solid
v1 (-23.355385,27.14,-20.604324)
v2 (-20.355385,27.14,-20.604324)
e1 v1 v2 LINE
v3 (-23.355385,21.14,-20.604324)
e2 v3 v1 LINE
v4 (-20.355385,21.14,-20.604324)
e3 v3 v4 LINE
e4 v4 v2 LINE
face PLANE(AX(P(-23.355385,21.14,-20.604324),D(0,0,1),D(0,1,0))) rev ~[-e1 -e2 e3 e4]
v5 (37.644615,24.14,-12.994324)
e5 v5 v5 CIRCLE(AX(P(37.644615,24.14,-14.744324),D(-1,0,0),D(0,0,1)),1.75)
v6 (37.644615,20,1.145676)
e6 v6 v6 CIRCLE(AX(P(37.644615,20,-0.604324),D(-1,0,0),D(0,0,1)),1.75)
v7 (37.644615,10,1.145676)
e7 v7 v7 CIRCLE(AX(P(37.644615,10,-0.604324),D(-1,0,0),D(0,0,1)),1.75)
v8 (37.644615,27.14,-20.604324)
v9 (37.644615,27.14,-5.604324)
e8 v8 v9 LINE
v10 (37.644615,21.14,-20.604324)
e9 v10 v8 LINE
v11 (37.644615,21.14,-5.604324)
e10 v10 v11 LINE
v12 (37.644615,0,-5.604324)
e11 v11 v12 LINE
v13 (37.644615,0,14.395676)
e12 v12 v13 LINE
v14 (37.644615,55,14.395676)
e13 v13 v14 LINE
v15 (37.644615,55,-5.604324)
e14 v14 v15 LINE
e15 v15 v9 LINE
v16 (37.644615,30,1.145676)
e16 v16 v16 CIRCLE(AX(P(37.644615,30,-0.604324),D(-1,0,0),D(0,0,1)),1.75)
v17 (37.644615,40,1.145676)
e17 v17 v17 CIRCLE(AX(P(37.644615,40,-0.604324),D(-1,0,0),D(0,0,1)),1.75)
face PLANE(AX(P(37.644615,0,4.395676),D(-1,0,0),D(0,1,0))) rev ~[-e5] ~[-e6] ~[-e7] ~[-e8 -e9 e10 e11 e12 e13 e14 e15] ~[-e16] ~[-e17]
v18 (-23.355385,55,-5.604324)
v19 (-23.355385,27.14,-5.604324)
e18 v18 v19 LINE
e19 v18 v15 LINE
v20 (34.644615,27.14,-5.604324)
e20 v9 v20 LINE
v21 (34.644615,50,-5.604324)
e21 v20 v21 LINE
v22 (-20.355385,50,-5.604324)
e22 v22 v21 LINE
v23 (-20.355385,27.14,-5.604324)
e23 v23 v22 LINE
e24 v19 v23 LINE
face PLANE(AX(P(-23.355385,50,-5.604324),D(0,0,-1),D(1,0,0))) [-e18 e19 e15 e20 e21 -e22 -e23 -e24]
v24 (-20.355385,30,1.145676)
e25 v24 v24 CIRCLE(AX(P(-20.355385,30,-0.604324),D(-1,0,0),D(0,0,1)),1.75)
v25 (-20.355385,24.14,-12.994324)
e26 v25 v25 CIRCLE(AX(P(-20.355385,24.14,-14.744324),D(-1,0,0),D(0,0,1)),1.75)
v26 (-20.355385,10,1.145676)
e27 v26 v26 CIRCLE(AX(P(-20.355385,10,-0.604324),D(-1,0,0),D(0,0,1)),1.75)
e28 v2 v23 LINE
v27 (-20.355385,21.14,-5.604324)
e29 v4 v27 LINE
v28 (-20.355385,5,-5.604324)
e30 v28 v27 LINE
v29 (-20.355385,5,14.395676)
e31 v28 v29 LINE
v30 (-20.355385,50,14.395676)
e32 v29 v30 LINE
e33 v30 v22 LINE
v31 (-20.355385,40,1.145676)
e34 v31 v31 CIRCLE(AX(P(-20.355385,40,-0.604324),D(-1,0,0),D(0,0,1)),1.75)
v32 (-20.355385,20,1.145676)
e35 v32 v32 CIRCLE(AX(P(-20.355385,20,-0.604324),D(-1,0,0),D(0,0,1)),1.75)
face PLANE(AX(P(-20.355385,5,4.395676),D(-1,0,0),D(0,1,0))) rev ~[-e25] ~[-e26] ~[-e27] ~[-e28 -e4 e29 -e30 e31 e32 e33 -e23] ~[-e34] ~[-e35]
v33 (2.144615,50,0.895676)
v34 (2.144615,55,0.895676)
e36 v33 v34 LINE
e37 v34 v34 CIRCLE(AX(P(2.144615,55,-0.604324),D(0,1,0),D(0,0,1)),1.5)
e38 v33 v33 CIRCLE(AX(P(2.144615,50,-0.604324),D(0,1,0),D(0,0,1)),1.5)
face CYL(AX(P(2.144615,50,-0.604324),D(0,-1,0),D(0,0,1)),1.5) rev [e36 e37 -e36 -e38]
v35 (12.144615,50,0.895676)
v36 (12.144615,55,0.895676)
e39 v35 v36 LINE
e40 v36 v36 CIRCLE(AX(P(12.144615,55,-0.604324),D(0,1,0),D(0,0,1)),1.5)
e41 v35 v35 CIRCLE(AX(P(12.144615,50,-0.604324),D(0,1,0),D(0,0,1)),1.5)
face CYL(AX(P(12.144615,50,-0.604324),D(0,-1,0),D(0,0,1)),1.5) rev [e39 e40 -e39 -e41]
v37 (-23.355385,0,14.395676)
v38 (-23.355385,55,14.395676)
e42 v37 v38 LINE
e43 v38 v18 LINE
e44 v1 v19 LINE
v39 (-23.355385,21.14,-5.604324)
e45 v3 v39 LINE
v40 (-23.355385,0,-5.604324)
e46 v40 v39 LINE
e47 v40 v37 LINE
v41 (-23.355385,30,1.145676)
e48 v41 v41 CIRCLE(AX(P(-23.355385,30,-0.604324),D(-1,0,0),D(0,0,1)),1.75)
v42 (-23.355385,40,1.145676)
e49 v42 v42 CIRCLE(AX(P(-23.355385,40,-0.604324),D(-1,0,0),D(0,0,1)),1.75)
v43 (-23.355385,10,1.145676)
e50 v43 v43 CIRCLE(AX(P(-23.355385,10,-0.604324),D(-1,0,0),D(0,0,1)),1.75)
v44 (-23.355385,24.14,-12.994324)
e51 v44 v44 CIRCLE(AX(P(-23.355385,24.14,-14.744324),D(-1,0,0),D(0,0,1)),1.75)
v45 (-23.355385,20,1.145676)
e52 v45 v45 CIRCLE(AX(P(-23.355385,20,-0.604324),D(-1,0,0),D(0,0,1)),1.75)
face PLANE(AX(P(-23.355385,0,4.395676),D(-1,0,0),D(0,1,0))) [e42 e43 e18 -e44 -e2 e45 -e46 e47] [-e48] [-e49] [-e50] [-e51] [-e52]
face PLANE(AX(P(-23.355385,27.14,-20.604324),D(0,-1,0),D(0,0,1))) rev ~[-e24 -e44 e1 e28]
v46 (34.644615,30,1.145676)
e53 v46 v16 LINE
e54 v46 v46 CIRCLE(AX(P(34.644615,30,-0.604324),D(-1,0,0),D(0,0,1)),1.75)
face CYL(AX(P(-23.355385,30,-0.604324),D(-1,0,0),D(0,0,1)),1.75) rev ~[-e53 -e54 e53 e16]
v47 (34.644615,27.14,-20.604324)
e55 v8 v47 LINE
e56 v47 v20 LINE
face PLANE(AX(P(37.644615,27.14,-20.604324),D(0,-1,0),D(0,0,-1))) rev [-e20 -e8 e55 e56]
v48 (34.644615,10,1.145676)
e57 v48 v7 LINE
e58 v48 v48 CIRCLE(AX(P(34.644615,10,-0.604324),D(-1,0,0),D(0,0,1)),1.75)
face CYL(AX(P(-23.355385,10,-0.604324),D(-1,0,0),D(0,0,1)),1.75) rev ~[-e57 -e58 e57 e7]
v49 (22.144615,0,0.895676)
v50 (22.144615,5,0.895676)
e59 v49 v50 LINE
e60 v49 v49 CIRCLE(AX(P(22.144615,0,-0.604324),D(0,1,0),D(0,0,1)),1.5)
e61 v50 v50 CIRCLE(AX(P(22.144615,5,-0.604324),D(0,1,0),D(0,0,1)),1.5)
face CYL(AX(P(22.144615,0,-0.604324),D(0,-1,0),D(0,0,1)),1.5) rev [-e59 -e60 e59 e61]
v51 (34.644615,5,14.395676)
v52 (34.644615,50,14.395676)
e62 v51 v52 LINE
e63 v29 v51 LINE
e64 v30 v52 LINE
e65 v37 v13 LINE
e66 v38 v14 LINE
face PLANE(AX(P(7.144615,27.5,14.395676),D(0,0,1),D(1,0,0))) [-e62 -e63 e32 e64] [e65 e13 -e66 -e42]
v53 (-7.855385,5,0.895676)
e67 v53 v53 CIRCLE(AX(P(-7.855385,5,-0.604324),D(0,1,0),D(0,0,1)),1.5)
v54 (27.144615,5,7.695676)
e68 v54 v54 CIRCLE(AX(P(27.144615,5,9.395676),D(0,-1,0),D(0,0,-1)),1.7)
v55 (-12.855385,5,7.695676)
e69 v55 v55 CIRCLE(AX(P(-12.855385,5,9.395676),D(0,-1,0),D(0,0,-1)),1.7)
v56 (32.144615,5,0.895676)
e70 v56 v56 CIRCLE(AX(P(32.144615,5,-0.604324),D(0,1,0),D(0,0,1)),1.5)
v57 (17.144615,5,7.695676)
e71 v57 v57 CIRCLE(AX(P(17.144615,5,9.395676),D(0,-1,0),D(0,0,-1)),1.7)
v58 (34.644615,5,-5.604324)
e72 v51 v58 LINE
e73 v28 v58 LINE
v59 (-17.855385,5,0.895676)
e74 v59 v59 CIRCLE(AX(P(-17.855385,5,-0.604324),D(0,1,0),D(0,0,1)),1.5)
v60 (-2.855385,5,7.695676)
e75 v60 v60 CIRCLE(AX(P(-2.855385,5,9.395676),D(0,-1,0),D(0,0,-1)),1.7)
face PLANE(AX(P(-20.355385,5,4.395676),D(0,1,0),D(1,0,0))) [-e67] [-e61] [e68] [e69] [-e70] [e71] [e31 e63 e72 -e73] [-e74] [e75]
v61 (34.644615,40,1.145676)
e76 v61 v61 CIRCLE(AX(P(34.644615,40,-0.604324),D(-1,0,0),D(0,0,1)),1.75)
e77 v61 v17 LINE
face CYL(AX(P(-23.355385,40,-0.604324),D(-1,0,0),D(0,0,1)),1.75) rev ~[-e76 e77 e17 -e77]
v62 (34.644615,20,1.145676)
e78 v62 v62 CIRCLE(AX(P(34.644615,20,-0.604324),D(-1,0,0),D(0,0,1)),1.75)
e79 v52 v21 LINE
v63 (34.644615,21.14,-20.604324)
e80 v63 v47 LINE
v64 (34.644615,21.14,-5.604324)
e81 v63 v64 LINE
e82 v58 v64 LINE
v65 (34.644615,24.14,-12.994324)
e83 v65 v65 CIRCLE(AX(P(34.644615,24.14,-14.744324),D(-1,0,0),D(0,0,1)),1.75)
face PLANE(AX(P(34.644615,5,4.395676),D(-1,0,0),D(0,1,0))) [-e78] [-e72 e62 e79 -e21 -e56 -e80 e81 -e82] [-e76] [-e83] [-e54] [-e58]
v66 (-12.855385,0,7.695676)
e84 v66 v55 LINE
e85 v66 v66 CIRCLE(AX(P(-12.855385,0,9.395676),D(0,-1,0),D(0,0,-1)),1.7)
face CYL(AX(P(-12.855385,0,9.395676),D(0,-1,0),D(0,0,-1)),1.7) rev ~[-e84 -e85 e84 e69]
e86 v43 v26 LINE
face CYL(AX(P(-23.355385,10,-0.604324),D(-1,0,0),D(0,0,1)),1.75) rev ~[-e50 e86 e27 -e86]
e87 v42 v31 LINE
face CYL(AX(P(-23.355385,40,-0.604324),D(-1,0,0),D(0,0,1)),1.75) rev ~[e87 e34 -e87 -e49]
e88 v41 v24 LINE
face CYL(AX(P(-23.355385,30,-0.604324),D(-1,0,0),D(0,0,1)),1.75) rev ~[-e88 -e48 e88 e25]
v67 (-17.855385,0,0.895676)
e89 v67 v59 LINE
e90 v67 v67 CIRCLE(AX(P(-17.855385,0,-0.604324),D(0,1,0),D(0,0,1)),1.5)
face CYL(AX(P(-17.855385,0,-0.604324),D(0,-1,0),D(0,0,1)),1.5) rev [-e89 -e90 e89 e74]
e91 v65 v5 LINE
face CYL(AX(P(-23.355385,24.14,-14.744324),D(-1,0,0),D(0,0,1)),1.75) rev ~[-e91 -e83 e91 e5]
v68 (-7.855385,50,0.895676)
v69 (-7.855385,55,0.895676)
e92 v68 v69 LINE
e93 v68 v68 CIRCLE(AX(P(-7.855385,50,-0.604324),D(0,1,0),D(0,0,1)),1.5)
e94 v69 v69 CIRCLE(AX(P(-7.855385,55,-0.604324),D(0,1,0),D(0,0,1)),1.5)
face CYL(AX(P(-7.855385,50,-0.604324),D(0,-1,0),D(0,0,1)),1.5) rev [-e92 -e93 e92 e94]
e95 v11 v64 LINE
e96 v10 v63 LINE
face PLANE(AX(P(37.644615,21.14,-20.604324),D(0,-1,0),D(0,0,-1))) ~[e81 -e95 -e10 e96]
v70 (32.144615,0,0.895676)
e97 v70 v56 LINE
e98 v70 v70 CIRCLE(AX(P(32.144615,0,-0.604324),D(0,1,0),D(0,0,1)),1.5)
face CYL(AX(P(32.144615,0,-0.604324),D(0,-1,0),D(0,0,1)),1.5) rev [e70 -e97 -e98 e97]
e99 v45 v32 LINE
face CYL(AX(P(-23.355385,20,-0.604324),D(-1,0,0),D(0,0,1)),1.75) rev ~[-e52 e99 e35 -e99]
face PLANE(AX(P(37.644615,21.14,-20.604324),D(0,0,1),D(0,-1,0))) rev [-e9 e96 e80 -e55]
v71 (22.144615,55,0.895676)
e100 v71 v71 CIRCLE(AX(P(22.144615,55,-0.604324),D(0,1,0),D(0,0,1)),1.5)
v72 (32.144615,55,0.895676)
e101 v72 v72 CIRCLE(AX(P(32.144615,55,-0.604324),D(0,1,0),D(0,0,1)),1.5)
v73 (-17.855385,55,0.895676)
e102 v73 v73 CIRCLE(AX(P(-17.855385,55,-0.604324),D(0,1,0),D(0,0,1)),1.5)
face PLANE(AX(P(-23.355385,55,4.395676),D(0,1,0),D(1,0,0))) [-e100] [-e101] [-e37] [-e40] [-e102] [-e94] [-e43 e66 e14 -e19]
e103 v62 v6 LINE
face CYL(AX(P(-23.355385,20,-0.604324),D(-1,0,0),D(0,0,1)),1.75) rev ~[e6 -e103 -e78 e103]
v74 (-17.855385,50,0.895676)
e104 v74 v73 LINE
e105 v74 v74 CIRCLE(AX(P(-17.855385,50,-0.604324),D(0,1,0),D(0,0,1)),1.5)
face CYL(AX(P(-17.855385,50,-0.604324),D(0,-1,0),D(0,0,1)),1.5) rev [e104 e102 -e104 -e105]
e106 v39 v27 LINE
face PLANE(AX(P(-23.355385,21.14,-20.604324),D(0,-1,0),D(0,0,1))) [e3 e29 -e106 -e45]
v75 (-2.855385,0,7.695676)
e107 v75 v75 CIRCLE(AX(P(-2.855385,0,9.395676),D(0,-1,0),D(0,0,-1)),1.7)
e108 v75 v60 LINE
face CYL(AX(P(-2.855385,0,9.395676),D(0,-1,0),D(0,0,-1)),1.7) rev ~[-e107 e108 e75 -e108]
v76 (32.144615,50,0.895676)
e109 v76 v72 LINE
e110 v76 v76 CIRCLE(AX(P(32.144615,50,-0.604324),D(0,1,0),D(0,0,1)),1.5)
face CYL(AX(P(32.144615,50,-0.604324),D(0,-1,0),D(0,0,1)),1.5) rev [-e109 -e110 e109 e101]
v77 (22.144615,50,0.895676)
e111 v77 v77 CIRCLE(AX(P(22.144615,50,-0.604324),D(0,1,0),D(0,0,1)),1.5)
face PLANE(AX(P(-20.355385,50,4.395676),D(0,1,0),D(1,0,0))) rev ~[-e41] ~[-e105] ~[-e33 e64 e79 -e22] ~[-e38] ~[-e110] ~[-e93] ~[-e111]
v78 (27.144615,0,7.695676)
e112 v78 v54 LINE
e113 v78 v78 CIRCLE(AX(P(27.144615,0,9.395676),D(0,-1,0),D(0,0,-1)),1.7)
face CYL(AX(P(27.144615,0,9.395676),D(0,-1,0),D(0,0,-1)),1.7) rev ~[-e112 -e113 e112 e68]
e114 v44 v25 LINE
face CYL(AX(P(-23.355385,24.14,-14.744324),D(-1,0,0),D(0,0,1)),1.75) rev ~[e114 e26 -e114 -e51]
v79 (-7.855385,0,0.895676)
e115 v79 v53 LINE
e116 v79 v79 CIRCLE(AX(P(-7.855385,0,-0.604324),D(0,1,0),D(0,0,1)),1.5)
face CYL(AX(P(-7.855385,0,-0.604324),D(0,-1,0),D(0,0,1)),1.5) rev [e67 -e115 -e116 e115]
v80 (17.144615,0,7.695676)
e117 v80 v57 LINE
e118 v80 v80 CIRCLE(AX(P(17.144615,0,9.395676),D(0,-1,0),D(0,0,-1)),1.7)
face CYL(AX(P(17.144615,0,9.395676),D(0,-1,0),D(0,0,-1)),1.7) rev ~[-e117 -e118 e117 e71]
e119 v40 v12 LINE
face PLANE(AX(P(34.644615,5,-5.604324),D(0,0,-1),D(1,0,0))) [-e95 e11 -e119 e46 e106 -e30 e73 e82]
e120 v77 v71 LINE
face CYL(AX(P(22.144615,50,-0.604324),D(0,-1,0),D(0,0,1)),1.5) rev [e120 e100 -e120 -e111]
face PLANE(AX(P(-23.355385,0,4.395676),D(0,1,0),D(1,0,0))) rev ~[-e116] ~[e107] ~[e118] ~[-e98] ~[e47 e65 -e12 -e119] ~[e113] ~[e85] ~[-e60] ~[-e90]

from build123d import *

# Parameters (mm, degrees)
SKETCH1_W           = 61
SKETCH1_H           = 10
SKETCH1_R           = 1.5
BOSS_EXTRUDE1_DEPTH = 5
SKETCH2_W           = 3
SKETCH2_H           = 10
BOSS_EXTRUDE2_DEPTH = 45
SKETCH3_R           = 1.75
CUT_EXTRUDE1_DEPTH  = 80.072172407
SKETCH4_W           = 15
SKETCH4_H           = 6
BOSS_EXTRUDE3_DEPTH = 3
SKETCH5_R           = 1.75
CUT_EXTRUDE2_DEPTH  = 82.52017035
SKETCH6_W           = 61
SKETCH6_H           = 10
SKETCH6_R           = 1.5
BOSS_EXTRUDE4_DEPTH = 5
SKETCH7_R           = 1.75
CUT_EXTRUDE3_DEPTH  = 85.679030308
SKETCH8_W           = 61
SKETCH8_H           = 55
SKETCH8_W_2         = 55
SKETCH8_H_2         = 45
BOSS_EXTRUDE5_DEPTH = 10
SKETCH13_R          = 1.7
CUT_EXTRUDE5_DEPTH  = 18


with BuildPart() as part:
    # Sketch1 → Boss-Extrude1 (new body)
    with BuildSketch(Plane(origin=(0, 0, 0), x_dir=(1, 0, 0), z_dir=(0, 1, 0))):
        with Locations((7.144615438, 0.604324155)):
            Rectangle(SKETCH1_W, SKETCH1_H)
        with Locations(Location((-17.855384562, 0.604324155, 0), (0, 0, 270))):
            Circle(SKETCH1_R, mode=Mode.SUBTRACT)
        with Locations(Location((-7.855384562, 0.604324155, 0), (0, 0, 270))):
            Circle(SKETCH1_R, mode=Mode.SUBTRACT)
        with Locations(Location((22.144615438, 0.604324155, 0), (0, 0, 270))):
            Circle(SKETCH1_R, mode=Mode.SUBTRACT)
        with Locations(Location((32.144615438, 0.604324155, 0), (0, 0, 270))):
            Circle(SKETCH1_R, mode=Mode.SUBTRACT)
    extrude(amount=BOSS_EXTRUDE1_DEPTH)

    # Sketch2 → Boss-Extrude2 (add)
    with BuildSketch(Plane(origin=(0, 5, 0), x_dir=(1, 0, 0), z_dir=(0, 1, 0))):
        with Locations((36.144615438, 0.604324155)):
            Rectangle(SKETCH2_W, SKETCH2_H)
        with Locations((-21.855384562, 0.604324155)):
            Rectangle(SKETCH2_W, SKETCH2_H)
    extrude(amount=BOSS_EXTRUDE2_DEPTH)

    # Sketch3 → Cut-Extrude1 (cut, through all)
    with BuildSketch(Plane.ZY.offset(23.355384562)):
        with Locations((-0.604324155, 10)):
            Circle(SKETCH3_R)
    extrude(amount=-CUT_EXTRUDE1_DEPTH, mode=Mode.SUBTRACT)

    # Sketch4 → Boss-Extrude3 (add)
    with BuildSketch(Plane.ZY.offset(23.355384562)):
        with Locations((-13.104324155, 24.14)):
            Rectangle(SKETCH4_W, SKETCH4_H)
    boss_extrude3 = extrude(amount=-BOSS_EXTRUDE3_DEPTH)

    # Mirror1: Boss-Extrude3 across plane
    add(boss_extrude3.mirror(Plane.ZY.offset(-7.144615438)))

    # Sketch5 → Cut-Extrude2 (cut, through all)
    with BuildSketch(Plane.ZY.offset(23.355384562)):
        with Locations((-14.744324155, 24.14)):
            Circle(SKETCH5_R)
    extrude(amount=-CUT_EXTRUDE2_DEPTH, mode=Mode.SUBTRACT)

    # Sketch6 → Boss-Extrude4 (add)
    with BuildSketch(Plane(origin=(0, 50, 0), x_dir=(1, 0, 0), z_dir=(0, 1, 0))):
        with Locations((7.144615438, 0.604324155)):
            Rectangle(SKETCH6_W, SKETCH6_H)
        with Locations(Location((2.144615438, 0.604324155, 0), (0, 0, 270))):
            Circle(SKETCH6_R, mode=Mode.SUBTRACT)
        with Locations(Location((12.144615438, 0.604324155, 0), (0, 0, 270))):
            Circle(SKETCH6_R, mode=Mode.SUBTRACT)
        with Locations(Location((-7.855384562, 0.604324155, 0), (0, 0, 270))):
            Circle(SKETCH6_R, mode=Mode.SUBTRACT)
        with Locations(Location((-17.855384562, 0.604324155, 0), (0, 0, 270))):
            Circle(SKETCH6_R, mode=Mode.SUBTRACT)
        with Locations(Location((22.144615438, 0.604324155, 0), (0, 0, 270))):
            Circle(SKETCH6_R, mode=Mode.SUBTRACT)
        with Locations(Location((32.144615438, 0.604324155, 0), (0, 0, 270))):
            Circle(SKETCH6_R, mode=Mode.SUBTRACT)
    extrude(amount=BOSS_EXTRUDE4_DEPTH)

    # Sketch7 → Cut-Extrude3 (cut, through all)
    with BuildSketch(Plane.ZY.offset(23.355384562)):
        with Locations((-0.604324155, 10)):
            Circle(SKETCH7_R)
        with Locations((-0.604324155, 20)):
            Circle(SKETCH7_R)
        with Locations((-0.604324155, 30)):
            Circle(SKETCH7_R)
        with Locations((-0.604324155, 40)):
            Circle(SKETCH7_R)
    extrude(amount=-CUT_EXTRUDE3_DEPTH, mode=Mode.SUBTRACT)

    # Sketch8 → Boss-Extrude5 (add)
    with BuildSketch(Plane.XY.offset(4.395675845)):
        with Locations((7.144615438, 27.5)):
            Rectangle(SKETCH8_W, SKETCH8_H)
        with Locations((7.144615438, 27.5)):
            Rectangle(SKETCH8_W_2, SKETCH8_H_2, mode=Mode.SUBTRACT)
    extrude(amount=BOSS_EXTRUDE5_DEPTH)

    # Sketch13 → Cut-Extrude5 (cut)
    with BuildSketch(Plane.XZ):
        with Locations(Location((-2.855384562, 9.395675845, 0), (0, 0, 270))):
            Circle(SKETCH13_R)
        with Locations(Location((-12.855384562, 9.395675845, 0), (0, 0, 270))):
            Circle(SKETCH13_R)
        with Locations(Location((17.144615438, 9.395675845, 0), (0, 0, 270))):
            Circle(SKETCH13_R)
        with Locations(Location((27.144615438, 9.395675845, 0), (0, 0, 270))):
            Circle(SKETCH13_R)
    extrude(amount=-CUT_EXTRUDE5_DEPTH, mode=Mode.SUBTRACT)


solid = part.part
